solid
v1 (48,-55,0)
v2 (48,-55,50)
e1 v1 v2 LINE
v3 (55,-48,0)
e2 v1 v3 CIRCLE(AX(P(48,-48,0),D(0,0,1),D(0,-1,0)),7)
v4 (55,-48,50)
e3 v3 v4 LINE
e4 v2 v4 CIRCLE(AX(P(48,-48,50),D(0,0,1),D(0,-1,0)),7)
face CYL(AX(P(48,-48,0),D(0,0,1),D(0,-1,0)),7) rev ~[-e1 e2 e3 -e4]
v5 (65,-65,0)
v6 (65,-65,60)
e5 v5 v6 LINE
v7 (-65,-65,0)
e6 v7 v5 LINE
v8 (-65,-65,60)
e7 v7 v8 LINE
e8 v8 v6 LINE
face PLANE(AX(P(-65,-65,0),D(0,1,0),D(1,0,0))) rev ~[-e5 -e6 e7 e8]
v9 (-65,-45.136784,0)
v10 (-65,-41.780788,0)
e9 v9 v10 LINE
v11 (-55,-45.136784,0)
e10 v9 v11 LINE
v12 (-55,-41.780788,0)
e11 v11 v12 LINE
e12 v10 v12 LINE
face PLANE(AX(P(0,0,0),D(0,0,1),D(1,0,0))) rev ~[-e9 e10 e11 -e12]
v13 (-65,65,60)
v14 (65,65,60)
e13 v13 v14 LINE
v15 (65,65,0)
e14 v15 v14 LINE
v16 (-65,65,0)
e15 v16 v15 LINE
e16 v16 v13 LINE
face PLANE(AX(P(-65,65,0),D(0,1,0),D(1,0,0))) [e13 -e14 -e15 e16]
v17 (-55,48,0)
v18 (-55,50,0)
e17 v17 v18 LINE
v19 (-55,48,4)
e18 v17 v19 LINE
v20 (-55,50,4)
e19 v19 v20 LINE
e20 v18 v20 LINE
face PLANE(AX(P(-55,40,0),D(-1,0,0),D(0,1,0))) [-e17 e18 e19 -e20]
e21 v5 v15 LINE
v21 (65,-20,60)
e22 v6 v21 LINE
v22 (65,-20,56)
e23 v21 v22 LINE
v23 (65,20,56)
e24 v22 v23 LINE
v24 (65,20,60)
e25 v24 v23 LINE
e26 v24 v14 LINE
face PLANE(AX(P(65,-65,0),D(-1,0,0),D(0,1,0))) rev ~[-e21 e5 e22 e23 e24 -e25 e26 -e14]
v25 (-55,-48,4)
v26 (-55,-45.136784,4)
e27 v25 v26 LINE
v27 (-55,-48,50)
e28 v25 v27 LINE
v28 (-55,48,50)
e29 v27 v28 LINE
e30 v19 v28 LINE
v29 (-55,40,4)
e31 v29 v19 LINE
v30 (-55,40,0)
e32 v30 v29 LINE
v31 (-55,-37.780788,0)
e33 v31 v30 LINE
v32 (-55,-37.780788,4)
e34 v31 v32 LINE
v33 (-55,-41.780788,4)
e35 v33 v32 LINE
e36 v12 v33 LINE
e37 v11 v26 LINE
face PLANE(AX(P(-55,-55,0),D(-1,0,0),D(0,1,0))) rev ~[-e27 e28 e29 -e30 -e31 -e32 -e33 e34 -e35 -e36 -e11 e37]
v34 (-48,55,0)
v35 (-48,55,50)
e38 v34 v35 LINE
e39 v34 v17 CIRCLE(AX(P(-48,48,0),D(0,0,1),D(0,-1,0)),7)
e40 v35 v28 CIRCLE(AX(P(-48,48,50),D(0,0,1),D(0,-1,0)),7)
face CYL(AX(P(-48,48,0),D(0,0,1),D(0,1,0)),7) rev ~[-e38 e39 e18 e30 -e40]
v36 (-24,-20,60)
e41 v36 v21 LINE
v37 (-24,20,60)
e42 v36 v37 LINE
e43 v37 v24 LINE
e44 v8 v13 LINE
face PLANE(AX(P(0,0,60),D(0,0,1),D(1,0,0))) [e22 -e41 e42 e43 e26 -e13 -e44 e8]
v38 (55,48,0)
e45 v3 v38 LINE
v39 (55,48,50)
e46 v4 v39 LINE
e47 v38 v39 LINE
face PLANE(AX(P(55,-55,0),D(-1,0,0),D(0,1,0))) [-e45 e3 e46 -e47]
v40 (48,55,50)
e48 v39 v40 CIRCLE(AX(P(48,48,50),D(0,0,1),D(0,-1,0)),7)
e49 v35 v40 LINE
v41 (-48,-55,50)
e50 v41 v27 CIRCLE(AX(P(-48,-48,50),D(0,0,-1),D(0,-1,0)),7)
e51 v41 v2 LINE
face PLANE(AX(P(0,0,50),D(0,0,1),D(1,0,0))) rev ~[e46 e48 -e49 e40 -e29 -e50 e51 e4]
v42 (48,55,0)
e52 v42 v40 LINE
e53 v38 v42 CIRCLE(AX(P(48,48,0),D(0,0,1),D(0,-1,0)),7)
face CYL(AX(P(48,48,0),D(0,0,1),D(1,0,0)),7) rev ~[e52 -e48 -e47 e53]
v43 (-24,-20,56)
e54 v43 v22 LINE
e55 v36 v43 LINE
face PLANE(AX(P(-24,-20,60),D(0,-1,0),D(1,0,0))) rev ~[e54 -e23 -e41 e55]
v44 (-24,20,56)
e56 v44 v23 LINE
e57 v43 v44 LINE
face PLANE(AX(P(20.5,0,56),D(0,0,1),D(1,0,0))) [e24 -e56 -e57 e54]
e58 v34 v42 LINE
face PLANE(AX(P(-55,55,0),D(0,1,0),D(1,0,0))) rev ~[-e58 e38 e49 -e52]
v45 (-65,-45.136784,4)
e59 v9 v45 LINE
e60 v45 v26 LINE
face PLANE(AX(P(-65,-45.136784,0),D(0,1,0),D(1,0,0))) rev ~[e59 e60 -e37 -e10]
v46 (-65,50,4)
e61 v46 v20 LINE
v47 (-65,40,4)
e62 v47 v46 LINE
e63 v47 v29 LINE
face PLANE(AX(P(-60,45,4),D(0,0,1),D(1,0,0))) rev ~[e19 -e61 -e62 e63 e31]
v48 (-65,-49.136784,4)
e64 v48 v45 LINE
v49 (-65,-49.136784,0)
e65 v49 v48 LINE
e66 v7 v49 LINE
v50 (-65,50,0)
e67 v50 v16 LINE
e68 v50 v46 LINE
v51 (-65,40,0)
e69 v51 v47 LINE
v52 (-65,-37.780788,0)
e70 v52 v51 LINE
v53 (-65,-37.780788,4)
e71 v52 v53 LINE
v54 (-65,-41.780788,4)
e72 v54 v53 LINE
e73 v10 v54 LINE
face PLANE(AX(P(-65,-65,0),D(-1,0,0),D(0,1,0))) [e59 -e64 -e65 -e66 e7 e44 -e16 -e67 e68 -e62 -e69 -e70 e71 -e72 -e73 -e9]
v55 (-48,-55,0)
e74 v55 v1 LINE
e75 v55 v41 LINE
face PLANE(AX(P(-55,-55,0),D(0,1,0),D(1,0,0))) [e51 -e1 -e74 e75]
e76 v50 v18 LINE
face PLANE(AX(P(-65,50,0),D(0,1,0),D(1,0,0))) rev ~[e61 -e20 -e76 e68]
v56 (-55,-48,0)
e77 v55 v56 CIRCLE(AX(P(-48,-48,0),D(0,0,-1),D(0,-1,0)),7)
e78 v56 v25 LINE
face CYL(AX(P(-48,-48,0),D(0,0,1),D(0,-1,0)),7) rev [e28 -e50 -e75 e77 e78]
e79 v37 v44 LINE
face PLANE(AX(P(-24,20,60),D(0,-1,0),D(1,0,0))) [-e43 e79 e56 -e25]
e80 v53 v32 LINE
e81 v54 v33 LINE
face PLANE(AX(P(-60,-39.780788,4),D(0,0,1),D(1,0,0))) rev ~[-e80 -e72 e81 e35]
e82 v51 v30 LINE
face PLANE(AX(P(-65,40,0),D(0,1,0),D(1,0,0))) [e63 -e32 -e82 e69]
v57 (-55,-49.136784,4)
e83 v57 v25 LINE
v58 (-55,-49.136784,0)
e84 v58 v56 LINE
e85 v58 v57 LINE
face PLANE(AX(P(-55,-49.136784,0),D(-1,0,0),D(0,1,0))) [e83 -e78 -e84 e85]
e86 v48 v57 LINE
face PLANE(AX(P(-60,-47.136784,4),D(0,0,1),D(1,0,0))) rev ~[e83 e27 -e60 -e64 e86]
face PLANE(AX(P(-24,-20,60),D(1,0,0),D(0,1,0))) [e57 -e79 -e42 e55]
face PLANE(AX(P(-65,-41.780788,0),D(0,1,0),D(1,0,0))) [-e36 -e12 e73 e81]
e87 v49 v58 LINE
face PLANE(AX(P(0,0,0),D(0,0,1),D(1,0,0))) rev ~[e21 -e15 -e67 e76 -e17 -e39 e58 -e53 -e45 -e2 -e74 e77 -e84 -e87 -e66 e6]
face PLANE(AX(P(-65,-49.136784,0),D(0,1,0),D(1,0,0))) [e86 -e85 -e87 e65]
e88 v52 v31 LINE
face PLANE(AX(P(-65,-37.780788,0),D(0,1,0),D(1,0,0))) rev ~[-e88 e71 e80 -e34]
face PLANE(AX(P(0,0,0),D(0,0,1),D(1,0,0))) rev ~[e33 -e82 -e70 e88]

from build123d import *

# Parameters (mm, degrees)
F0_W      = 130
F0_H      = 130
F1_DEPTH  = 60
F2_W      = 110
F2_H      = 110
F3_DEPTH  = 50
F4_W      = 89
F4_H      = 40
F5_DEPTH  = 4
F6_R      = 7
F7_W      = 10
F7_H      = 4
F8_DEPTH  = 4
F9_W      = 10
F9_H      = 4
F10_DEPTH = 4
F11_W     = 10
F11_H     = 10
F12_DEPTH = 4


with BuildPart() as f1:
    # F0 (on Top) → F1 (new body)
    with BuildSketch(Plane.XY):
        Rectangle(F0_W, F0_H)
    extrude(amount=F1_DEPTH)

    # F2 (on Top) → F3 (cut)
    with BuildSketch(Plane.XY):
        Rectangle(F2_W, F2_H)
    extrude(amount=F3_DEPTH, mode=Mode.SUBTRACT)

    # F4 (on face) → F5 (cut)
    with BuildSketch(Plane.XY.offset(60)):
        with Locations((20.5, 0)):
            Rectangle(F4_W, F4_H)
    extrude(amount=-F5_DEPTH, mode=Mode.SUBTRACT)

    # F6
    f6_edges = [f1.edges().sort_by_distance(p)[0] for p in [
        (55, -55, 25),
        (55, 55, 25),
        (-55, 55, 25),
        (-55, -55, 25),
    ]]
    fillet(f6_edges, radius=F6_R)

    # F7 (on face) → F8 (cut)
    with BuildSketch(Plane.XY):
        with Locations((-60, -39.780788)):
            Rectangle(F7_W, F7_H)
    extrude(amount=F8_DEPTH, mode=Mode.SUBTRACT)

    # F9 (on face) → F10 (cut)
    with BuildSketch(Plane.XY):
        with Locations((-60, -47.136784)):
            Rectangle(F9_W, F9_H)
    extrude(amount=F10_DEPTH, mode=Mode.SUBTRACT)

    # F11 (on face) → F12 (cut)
    with BuildSketch(Plane.XY):
        with Locations((-60, 45)):
            Rectangle(F11_W, F11_H)
    extrude(amount=F12_DEPTH, mode=Mode.SUBTRACT)


solid = f1.part
